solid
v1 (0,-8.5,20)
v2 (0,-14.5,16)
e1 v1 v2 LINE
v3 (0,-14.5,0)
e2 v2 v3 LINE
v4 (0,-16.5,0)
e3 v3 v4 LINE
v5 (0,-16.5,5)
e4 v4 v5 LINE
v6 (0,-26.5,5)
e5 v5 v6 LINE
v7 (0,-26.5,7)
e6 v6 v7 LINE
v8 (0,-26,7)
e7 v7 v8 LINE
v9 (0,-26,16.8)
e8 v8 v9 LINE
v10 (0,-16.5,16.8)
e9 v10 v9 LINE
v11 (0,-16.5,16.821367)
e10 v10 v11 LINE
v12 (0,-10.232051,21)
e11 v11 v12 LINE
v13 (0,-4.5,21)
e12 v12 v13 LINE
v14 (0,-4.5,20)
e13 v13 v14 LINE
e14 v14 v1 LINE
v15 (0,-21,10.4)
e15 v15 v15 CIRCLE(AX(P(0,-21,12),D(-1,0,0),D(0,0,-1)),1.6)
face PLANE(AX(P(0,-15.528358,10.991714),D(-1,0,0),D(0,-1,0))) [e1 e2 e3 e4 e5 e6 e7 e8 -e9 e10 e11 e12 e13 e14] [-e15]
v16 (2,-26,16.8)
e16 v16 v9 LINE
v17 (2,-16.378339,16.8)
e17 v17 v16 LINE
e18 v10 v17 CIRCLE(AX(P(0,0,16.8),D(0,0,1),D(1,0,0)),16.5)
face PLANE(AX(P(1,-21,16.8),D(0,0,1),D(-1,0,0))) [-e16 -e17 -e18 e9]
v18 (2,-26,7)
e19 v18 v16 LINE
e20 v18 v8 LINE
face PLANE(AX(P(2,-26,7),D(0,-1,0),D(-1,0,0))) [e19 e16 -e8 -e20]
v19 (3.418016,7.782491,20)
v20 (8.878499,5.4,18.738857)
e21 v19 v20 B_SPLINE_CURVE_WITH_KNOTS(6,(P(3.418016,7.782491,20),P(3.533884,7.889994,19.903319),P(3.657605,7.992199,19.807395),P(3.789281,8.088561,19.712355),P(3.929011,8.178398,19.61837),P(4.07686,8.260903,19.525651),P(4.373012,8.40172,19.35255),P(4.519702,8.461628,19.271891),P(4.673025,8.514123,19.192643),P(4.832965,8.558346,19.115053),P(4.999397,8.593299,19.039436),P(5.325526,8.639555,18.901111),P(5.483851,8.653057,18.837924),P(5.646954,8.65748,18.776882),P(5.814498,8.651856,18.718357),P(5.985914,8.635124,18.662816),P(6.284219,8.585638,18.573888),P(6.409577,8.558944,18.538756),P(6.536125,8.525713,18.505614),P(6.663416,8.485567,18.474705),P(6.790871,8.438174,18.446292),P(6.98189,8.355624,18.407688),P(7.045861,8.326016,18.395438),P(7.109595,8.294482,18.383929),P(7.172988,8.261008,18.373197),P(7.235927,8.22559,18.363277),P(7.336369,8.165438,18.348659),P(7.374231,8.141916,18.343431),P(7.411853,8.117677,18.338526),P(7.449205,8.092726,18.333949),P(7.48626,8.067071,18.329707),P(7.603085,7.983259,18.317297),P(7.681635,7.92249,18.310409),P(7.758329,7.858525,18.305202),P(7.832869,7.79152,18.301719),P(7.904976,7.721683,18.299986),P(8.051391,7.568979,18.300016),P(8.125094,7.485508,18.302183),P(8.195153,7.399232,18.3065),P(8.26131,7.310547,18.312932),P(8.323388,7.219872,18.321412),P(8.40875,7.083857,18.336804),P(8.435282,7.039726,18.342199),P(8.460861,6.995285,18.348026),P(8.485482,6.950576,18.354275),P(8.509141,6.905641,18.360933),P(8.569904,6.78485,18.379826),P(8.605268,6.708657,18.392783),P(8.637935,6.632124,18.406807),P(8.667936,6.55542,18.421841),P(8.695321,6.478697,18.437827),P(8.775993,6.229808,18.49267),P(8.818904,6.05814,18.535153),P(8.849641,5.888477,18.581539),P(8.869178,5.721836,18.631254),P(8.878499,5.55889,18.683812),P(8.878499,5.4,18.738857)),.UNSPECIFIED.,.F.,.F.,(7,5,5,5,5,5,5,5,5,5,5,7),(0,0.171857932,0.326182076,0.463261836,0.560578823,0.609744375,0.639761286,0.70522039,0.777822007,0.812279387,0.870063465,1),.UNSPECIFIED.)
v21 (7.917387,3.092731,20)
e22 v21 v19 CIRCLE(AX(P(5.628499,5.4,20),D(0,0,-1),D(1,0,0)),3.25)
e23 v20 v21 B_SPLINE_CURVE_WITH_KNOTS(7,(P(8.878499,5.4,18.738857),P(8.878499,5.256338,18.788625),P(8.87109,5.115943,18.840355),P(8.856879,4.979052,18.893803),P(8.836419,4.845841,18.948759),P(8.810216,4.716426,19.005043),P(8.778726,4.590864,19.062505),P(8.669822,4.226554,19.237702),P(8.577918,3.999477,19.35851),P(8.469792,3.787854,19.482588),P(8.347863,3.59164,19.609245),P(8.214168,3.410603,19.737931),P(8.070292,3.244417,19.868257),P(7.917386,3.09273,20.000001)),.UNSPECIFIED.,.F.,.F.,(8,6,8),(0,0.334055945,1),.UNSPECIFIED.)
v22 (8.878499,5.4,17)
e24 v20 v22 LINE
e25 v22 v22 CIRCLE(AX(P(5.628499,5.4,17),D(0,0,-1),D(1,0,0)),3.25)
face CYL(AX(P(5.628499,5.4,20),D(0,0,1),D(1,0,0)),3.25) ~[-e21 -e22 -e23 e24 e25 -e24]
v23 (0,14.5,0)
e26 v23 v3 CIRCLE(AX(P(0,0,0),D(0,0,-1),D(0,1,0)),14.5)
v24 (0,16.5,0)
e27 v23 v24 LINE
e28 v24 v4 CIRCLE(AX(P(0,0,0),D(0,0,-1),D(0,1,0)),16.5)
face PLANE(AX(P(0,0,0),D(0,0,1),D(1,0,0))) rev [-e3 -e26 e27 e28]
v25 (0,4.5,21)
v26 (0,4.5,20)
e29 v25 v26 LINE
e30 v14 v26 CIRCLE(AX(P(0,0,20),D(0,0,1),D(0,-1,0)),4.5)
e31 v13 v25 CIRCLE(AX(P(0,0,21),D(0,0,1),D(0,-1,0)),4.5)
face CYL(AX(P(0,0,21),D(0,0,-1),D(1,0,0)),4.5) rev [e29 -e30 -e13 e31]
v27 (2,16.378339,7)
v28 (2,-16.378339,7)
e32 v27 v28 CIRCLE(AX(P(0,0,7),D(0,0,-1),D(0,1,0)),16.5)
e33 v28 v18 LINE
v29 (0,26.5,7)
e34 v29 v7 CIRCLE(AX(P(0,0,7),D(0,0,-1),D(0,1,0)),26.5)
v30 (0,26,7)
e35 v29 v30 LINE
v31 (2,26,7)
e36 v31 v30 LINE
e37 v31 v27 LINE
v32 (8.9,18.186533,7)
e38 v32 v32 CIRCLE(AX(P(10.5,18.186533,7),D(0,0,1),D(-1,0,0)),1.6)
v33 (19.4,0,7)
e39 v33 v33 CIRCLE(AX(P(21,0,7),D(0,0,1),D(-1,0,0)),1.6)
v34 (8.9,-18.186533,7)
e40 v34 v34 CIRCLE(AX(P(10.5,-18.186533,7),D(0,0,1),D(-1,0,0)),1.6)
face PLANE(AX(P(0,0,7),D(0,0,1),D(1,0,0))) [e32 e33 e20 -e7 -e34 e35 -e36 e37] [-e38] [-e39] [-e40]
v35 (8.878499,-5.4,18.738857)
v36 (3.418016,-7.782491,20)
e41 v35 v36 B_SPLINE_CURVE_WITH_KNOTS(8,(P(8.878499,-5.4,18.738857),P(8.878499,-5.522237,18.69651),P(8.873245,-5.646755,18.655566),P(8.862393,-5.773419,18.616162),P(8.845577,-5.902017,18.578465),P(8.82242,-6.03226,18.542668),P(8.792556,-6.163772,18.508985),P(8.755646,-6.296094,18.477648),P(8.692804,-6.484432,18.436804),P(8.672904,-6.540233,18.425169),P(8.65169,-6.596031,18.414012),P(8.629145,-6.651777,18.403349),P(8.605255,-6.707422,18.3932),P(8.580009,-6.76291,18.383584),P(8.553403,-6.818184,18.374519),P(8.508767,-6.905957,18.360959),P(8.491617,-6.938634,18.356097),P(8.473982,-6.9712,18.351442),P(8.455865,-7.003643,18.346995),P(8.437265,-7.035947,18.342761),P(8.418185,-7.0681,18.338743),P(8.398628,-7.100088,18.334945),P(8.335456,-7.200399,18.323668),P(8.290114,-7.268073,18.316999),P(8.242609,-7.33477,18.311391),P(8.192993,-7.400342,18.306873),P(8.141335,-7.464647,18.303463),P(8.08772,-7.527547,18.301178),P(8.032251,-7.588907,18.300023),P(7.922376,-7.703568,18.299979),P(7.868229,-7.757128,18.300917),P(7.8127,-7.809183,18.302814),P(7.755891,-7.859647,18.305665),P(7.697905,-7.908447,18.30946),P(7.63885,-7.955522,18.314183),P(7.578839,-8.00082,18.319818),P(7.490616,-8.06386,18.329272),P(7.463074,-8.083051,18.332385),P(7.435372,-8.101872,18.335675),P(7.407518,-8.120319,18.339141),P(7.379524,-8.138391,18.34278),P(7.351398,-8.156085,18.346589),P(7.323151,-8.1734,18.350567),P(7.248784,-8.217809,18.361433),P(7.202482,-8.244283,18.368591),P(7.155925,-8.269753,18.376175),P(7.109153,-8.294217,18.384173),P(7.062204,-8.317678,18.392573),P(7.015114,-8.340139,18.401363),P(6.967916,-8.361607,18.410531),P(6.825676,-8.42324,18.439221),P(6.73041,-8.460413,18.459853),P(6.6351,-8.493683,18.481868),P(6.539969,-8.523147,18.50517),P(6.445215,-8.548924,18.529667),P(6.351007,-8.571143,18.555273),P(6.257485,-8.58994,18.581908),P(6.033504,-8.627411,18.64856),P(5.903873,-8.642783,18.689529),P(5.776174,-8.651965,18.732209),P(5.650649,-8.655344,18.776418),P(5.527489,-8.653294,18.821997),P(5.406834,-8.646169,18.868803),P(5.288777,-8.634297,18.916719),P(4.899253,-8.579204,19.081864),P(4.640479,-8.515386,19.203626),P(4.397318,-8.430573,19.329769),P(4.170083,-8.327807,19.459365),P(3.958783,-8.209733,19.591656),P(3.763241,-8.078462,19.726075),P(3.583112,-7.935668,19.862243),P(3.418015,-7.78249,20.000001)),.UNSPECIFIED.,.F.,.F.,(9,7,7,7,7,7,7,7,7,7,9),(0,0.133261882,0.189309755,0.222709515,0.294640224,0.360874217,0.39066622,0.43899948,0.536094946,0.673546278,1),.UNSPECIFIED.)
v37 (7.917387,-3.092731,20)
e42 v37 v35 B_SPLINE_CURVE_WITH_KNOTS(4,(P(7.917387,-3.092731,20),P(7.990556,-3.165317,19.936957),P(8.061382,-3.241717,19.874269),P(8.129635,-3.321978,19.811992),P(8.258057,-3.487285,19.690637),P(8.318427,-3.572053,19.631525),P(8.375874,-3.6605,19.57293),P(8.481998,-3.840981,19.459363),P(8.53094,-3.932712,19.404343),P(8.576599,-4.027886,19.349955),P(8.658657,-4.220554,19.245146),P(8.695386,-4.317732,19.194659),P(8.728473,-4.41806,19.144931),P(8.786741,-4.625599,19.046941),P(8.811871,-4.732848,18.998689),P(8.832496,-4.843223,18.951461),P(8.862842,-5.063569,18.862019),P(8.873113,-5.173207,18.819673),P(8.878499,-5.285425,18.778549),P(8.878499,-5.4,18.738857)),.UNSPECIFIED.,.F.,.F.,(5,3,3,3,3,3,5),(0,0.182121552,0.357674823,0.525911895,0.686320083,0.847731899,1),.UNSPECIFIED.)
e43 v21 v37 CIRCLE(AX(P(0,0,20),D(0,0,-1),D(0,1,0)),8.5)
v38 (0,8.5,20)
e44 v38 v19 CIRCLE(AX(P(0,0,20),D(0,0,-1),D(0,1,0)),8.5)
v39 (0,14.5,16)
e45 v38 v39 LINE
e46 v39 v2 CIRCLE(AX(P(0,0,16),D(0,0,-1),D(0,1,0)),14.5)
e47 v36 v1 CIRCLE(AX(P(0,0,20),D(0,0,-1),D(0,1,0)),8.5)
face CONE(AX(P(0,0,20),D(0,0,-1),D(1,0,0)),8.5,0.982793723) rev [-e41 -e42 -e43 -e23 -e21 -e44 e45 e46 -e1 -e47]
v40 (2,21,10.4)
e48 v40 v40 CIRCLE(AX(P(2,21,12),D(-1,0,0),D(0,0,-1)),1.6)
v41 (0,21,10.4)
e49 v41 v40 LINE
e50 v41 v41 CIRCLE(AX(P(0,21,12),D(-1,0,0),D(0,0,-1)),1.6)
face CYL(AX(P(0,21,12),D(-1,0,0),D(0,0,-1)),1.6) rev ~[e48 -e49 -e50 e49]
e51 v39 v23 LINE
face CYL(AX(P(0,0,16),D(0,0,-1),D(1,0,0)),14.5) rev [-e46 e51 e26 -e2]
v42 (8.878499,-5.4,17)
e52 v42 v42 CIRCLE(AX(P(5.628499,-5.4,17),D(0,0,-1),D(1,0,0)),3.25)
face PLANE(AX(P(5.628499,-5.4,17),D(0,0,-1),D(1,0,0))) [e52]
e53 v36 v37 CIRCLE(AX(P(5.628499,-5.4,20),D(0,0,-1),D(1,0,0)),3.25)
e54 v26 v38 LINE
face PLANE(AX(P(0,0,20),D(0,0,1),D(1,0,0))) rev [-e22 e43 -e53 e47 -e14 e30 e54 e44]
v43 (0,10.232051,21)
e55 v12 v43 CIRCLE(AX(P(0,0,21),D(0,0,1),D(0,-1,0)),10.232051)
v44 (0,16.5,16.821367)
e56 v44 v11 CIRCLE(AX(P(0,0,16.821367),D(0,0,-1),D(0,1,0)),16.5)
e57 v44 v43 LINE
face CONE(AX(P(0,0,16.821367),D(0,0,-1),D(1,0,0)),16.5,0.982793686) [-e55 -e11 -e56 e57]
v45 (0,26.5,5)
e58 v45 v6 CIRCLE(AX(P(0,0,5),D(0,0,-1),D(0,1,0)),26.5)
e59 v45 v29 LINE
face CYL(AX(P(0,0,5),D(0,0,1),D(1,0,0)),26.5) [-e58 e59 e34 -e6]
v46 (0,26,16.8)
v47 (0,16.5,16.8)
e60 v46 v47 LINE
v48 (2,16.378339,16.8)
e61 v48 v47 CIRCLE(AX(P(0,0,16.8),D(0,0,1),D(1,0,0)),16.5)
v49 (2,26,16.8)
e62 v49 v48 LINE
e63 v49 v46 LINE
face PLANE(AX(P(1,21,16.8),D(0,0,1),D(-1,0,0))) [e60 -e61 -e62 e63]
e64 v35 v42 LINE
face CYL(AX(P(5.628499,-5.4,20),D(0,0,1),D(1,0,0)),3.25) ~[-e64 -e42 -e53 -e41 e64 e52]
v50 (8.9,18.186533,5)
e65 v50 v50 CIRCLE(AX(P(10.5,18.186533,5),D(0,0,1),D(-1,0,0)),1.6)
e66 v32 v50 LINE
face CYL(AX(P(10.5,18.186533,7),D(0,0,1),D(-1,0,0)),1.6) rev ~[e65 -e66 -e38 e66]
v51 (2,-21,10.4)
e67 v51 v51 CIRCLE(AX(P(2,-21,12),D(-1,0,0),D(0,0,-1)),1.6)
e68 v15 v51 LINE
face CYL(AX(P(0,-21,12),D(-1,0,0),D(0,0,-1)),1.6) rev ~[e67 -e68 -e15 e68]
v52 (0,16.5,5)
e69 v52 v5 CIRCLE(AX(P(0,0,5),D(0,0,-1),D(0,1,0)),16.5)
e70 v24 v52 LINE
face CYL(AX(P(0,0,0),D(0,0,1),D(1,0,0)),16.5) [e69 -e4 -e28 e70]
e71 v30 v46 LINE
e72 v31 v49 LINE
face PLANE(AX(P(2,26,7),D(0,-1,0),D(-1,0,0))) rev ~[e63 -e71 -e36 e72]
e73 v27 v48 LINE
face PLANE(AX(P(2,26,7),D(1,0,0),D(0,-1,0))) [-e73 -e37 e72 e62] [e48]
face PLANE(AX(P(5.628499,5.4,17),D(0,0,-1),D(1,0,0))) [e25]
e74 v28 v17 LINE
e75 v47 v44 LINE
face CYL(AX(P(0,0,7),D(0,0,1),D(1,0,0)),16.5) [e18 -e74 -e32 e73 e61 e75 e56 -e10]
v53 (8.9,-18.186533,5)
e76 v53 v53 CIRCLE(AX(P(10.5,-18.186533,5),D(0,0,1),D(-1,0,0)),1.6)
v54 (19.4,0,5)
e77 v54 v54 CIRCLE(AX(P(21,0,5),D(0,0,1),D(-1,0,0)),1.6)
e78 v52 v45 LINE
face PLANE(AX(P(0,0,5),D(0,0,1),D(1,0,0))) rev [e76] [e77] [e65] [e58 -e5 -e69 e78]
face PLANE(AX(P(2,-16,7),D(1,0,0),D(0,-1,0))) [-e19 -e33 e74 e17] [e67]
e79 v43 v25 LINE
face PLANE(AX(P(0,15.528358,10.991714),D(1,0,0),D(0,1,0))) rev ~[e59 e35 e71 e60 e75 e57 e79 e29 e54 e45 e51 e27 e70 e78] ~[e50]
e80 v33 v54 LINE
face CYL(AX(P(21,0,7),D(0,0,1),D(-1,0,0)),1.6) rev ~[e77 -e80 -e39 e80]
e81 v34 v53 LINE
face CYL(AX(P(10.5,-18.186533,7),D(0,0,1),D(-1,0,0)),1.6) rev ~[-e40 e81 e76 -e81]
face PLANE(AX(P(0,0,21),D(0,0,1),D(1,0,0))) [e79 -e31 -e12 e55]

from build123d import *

# Parameters (mm, degrees)
REVOLUTION_ANGLE = -180
SKETCH001_R      = 1.6
POCKET_DEPTH     = 5
SKETCH002_R      = 3.25
PAD_DEPTH        = 3
SKETCH003_W      = 2
SKETCH003_H      = 10
PAD001_DEPTH     = 9.8
SKETCH004_R      = 1.6
POCKET001_DEPTH  = 5


with BuildPart() as part:
    # Sketch → Revolution (revolve, symmetric)
    with BuildSketch(Plane.XZ) as revolution_sk:
        Polygon((4.5, 20), (8.5, 20), (14.5, 16), (14.5, 0), (16.5, 0), (16.5, 5), (26.5, 5), (26.5, 7), (16.5, 7), (16.5, 16.821367), (10.232051, 21), (4.5, 21), align=None)
    revolve(axis=Axis((0, 0, 0), (0, 0, 1)), revolution_arc=REVOLUTION_ANGLE / 2)
    revolve(revolution_sk.sketch, axis=Axis((0, 0, 0), (0, 0, -1)), revolution_arc=REVOLUTION_ANGLE / 2)

    # Sketch001 (on Face8 of Revolution) → Pocket (cut)
    with BuildSketch(Plane(origin=(0, 0, 7), x_dir=(-1, 0, 0), z_dir=(0, 0, 1))):
        with Locations((-21, 0)):
            Circle(SKETCH001_R)
        with Locations((-10.5, 18.186533)):
            Circle(SKETCH001_R)
        with Locations((-10.5, -18.186533)):
            Circle(SKETCH001_R)
    extrude(amount=-POCKET_DEPTH, mode=Mode.SUBTRACT)

    # Sketch002 (on Face1 of Pocket) → Pad (join)
    with BuildSketch(Plane(origin=(0, 0, 20), x_dir=(1, 0, 0), z_dir=(0, 0, -1))):
        with Locations((5.628499, 5.4)):
            Circle(SKETCH002_R)
        with Locations((5.628499, -5.4)):
            Circle(SKETCH002_R)
    extrude(amount=PAD_DEPTH)

    # Sketch003 (on Face13 of Pad) → Pad001 (join)
    with BuildSketch(Plane(origin=(0, 0, 7), x_dir=(-1, 0, 0), z_dir=(0, 0, 1))):
        with Locations((-1, 21)):
            Rectangle(SKETCH003_W, SKETCH003_H)
        with Locations((-1, -21)):
            Rectangle(SKETCH003_W, SKETCH003_H)
    extrude(amount=PAD001_DEPTH)

    # Sketch004 (on Face21 of Pad001) → Pocket001 (cut)
    with BuildSketch(Plane(origin=(0, 0, 0), x_dir=(0, 0, -1), z_dir=(-1, 0, 0))):
        with Locations((-12, -21)):
            Circle(SKETCH004_R)
        with Locations((-12, 21)):
            Circle(SKETCH004_R)
    extrude(amount=-POCKET001_DEPTH, mode=Mode.SUBTRACT)


solid = part.part
